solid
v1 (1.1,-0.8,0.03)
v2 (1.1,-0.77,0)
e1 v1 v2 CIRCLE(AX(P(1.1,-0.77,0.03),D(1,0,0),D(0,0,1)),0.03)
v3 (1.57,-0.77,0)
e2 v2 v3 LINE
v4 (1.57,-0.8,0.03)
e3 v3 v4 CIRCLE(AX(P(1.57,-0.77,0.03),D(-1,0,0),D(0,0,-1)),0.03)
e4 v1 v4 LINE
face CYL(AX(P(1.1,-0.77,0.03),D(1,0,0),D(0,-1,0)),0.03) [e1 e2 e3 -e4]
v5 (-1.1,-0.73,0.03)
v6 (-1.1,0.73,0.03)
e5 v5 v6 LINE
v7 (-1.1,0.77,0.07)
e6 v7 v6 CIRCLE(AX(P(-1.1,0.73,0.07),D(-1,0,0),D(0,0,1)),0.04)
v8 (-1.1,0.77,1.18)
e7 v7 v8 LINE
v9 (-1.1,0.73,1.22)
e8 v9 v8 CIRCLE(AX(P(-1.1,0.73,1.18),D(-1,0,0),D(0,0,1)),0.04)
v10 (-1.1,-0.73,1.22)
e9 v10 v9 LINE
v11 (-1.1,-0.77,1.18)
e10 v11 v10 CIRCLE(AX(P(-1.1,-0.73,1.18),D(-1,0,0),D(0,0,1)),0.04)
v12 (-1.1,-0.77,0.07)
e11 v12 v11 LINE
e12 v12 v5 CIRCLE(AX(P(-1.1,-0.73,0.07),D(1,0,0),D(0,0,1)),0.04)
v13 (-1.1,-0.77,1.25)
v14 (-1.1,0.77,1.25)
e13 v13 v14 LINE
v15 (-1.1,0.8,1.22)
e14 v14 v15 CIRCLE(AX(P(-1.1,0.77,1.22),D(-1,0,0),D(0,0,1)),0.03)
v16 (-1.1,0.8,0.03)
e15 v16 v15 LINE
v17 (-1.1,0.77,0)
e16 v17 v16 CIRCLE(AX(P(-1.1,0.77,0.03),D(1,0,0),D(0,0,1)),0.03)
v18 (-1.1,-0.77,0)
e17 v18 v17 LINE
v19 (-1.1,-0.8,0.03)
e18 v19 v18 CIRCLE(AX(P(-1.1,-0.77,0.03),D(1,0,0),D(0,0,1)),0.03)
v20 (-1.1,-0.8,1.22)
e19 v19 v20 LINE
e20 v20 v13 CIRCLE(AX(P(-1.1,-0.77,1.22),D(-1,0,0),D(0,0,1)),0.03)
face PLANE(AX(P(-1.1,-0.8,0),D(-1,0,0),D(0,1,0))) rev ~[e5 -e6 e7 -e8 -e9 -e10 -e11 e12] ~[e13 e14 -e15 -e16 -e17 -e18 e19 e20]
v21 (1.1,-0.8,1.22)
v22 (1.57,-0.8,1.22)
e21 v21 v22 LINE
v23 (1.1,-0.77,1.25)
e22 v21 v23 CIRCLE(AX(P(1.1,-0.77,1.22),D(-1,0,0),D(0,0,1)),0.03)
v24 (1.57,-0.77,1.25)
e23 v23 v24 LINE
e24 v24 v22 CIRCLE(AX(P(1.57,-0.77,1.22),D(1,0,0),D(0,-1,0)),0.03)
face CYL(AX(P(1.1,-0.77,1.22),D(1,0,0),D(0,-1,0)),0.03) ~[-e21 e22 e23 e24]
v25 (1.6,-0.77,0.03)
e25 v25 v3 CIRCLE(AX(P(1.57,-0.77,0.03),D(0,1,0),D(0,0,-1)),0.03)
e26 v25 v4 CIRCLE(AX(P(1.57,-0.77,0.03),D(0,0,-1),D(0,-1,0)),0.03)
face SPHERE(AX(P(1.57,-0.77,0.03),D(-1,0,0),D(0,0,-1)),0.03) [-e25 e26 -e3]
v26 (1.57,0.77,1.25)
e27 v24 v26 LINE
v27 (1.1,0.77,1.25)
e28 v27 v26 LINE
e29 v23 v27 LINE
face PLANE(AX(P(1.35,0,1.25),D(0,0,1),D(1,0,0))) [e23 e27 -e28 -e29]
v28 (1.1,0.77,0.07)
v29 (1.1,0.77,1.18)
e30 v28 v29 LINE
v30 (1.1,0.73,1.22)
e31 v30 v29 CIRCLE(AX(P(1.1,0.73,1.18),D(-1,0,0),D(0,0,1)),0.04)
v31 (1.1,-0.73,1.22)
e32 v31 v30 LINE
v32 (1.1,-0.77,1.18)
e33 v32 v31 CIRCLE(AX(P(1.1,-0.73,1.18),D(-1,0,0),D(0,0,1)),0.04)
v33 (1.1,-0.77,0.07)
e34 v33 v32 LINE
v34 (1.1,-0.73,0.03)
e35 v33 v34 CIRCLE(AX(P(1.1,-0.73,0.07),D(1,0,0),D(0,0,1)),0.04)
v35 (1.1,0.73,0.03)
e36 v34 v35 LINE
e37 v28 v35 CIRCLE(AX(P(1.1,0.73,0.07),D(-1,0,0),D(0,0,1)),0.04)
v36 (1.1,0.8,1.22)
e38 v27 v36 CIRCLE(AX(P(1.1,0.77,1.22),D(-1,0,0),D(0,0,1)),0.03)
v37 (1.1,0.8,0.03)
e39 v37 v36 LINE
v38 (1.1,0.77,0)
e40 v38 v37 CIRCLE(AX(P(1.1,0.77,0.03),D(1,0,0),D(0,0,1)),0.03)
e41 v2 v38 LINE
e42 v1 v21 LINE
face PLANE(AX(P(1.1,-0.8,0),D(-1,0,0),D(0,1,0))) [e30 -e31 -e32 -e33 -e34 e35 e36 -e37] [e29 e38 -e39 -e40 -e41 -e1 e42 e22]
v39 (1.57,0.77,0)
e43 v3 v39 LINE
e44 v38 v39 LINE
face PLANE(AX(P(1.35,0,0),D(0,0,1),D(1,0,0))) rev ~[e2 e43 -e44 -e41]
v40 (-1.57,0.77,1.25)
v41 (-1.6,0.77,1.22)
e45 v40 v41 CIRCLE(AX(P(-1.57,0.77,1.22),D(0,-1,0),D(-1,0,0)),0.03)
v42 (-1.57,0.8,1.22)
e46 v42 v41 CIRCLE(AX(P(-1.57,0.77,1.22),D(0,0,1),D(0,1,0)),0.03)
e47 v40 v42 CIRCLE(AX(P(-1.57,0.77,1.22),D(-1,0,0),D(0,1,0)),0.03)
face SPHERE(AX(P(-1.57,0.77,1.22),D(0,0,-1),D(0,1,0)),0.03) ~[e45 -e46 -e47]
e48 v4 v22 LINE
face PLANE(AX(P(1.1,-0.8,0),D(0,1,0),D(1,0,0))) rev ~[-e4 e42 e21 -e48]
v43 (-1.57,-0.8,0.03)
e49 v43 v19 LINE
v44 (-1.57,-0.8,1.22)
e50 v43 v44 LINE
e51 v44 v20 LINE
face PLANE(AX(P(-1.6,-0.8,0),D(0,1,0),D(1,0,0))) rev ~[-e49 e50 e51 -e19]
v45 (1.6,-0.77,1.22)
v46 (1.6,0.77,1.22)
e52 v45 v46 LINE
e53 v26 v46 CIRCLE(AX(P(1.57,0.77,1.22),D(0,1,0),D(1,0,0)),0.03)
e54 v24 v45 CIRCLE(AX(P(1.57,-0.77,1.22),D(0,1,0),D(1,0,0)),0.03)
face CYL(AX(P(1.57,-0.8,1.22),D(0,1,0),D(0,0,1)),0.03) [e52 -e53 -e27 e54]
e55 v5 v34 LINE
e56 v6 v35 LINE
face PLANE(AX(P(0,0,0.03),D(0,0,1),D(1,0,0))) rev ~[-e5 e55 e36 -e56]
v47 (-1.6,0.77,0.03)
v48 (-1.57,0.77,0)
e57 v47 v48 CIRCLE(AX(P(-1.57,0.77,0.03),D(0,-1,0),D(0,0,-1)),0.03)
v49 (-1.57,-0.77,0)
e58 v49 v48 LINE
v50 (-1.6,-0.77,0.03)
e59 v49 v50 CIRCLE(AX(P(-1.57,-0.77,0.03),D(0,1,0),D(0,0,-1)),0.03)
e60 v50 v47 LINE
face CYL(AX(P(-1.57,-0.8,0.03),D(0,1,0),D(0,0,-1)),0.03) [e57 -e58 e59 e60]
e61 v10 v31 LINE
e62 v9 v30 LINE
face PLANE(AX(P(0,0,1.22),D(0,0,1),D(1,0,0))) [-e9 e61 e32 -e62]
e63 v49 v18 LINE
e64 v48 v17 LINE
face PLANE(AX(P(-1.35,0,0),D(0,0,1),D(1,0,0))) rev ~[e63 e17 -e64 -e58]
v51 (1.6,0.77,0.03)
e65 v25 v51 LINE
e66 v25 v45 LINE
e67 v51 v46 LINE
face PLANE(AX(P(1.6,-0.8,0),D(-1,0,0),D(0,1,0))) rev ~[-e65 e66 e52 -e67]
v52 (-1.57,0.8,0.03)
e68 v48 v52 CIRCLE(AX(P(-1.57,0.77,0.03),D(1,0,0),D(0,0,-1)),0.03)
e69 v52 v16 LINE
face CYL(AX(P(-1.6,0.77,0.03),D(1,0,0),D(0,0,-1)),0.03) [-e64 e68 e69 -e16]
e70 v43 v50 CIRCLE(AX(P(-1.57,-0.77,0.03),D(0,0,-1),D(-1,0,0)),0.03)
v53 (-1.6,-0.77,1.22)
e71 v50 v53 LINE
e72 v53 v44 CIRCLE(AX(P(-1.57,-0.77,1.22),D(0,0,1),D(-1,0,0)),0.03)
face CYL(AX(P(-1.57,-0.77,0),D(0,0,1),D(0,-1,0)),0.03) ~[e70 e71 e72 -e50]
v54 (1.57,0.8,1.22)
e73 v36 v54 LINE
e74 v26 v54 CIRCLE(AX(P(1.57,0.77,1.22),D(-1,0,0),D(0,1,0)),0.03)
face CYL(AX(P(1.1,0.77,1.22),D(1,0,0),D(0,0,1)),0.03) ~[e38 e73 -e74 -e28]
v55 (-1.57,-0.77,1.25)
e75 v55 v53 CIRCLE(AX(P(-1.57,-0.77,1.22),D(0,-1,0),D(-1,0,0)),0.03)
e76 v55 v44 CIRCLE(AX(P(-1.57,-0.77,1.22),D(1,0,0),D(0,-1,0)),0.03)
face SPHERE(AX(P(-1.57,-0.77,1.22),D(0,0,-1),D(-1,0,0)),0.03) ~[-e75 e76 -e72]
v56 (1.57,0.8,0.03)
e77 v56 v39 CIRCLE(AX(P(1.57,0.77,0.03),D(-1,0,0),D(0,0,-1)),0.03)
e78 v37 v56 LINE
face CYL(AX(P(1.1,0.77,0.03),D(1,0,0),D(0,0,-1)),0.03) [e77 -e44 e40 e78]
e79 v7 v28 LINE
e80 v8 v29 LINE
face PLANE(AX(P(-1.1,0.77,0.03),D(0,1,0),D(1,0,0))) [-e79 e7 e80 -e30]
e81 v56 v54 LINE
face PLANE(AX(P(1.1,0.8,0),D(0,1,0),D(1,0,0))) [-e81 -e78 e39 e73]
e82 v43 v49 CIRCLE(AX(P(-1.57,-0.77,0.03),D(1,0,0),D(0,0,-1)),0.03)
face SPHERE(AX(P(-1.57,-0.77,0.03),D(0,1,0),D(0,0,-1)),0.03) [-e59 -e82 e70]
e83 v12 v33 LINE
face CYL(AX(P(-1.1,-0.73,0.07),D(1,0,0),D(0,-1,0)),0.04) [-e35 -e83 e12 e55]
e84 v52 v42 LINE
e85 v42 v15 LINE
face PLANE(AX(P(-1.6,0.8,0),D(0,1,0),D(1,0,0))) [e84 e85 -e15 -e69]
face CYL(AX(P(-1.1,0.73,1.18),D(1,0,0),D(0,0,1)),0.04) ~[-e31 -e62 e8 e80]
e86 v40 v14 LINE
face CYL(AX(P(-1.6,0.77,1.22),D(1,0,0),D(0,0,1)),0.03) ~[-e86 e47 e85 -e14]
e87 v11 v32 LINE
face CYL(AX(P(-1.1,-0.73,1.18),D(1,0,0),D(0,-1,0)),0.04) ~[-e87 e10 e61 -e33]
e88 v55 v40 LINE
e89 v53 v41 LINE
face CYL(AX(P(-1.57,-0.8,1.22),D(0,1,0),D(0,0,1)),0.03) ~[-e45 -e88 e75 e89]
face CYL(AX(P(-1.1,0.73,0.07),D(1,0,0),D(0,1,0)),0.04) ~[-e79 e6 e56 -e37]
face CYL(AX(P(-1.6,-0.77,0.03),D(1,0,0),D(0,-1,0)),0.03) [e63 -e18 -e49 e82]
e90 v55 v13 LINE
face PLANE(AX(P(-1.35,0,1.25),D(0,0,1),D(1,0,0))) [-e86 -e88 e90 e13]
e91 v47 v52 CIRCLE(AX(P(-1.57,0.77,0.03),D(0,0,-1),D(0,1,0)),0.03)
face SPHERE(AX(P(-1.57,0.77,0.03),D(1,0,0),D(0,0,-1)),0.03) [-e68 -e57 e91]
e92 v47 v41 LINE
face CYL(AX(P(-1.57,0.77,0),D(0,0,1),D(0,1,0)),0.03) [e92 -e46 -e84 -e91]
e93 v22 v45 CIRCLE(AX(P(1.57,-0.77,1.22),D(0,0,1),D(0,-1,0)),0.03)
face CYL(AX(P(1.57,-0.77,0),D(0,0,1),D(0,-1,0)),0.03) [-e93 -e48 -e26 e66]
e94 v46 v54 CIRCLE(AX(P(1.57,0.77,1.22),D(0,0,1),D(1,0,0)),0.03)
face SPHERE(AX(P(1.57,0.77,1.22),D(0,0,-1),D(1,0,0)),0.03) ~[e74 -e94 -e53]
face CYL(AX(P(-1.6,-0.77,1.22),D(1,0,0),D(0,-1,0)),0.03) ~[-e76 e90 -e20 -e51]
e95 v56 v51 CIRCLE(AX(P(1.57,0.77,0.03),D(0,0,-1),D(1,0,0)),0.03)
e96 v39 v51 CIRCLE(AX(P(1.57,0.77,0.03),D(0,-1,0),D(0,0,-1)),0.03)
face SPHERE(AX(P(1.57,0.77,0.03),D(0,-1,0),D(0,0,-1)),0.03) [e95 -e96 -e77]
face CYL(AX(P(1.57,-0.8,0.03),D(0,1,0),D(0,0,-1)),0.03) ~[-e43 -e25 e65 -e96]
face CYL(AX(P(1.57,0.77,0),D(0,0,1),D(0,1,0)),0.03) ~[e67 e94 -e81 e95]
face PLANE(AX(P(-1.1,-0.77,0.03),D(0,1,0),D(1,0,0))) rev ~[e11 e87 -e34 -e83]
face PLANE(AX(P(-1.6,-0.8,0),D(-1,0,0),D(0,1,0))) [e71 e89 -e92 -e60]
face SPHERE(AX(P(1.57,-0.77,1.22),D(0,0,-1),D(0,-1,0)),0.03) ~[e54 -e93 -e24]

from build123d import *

# Parameters (mm, degrees)
EXTRUDE_START   = 0.03
SKETCH_2_W      = 2.2
SKETCH_2_H      = 1.54
EXTRUDE_2_DEPTH = 1.19
SKETCH_3_W      = 0.5
SKETCH_3_H      = 1.6
EXTRUDE_3_DEPTH = 1.25
FILLET_1_R      = 0.04
FILLET_2_R      = 0.03


with BuildPart() as part:
    # Эскиз2 → Вытянуть2 (new body)
    with BuildSketch(Plane.XY.offset(EXTRUDE_START)):
        Rectangle(SKETCH_2_W, SKETCH_2_H)
    extrude(amount=EXTRUDE_2_DEPTH)

    # Эскиз3 → Вытянуть3 (add)
    with BuildSketch(Plane.XY):
        with Locations((1.35, 0)):
            Rectangle(SKETCH_3_W, SKETCH_3_H)
        with Locations((-1.35, 0)):
            Rectangle(SKETCH_3_W, SKETCH_3_H)
    extrude(amount=EXTRUDE_3_DEPTH)

    # Скругление1
    fillet_1_edges = [part.edges().sort_by_distance(p)[0] for p in [
        (0, -0.77, 1.22),
        (0, -0.77, 0.03),
        (0, 0.77, 0.03),
        (0, 0.77, 1.22),
    ]]
    fillet(fillet_1_edges, radius=FILLET_1_R)

    # Скругление2
    fillet_2_edges = [part.edges().sort_by_distance(p)[0] for p in [
        (1.35, -0.8, 0),
        (1.6, 0, 0),
        (1.6, -0.8, 0.625),
        (1.35, 0.8, 0),
        (1.6, 0.8, 0.625),
        (1.35, -0.8, 1.25),
        (1.6, 0, 1.25),
        (1.35, 0.8, 1.25),
        (-1.35, 0.8, 0),
        (-1.6, 0, 0),
        (-1.6, 0.8, 0.625),
        (-1.35, -0.8, 0),
        (-1.6, -0.8, 0.625),
        (-1.35, 0.8, 1.25),
        (-1.6, 0, 1.25),
        (-1.35, -0.8, 1.25),
    ]]
    fillet(fillet_2_edges, radius=FILLET_2_R)


solid = part.part
